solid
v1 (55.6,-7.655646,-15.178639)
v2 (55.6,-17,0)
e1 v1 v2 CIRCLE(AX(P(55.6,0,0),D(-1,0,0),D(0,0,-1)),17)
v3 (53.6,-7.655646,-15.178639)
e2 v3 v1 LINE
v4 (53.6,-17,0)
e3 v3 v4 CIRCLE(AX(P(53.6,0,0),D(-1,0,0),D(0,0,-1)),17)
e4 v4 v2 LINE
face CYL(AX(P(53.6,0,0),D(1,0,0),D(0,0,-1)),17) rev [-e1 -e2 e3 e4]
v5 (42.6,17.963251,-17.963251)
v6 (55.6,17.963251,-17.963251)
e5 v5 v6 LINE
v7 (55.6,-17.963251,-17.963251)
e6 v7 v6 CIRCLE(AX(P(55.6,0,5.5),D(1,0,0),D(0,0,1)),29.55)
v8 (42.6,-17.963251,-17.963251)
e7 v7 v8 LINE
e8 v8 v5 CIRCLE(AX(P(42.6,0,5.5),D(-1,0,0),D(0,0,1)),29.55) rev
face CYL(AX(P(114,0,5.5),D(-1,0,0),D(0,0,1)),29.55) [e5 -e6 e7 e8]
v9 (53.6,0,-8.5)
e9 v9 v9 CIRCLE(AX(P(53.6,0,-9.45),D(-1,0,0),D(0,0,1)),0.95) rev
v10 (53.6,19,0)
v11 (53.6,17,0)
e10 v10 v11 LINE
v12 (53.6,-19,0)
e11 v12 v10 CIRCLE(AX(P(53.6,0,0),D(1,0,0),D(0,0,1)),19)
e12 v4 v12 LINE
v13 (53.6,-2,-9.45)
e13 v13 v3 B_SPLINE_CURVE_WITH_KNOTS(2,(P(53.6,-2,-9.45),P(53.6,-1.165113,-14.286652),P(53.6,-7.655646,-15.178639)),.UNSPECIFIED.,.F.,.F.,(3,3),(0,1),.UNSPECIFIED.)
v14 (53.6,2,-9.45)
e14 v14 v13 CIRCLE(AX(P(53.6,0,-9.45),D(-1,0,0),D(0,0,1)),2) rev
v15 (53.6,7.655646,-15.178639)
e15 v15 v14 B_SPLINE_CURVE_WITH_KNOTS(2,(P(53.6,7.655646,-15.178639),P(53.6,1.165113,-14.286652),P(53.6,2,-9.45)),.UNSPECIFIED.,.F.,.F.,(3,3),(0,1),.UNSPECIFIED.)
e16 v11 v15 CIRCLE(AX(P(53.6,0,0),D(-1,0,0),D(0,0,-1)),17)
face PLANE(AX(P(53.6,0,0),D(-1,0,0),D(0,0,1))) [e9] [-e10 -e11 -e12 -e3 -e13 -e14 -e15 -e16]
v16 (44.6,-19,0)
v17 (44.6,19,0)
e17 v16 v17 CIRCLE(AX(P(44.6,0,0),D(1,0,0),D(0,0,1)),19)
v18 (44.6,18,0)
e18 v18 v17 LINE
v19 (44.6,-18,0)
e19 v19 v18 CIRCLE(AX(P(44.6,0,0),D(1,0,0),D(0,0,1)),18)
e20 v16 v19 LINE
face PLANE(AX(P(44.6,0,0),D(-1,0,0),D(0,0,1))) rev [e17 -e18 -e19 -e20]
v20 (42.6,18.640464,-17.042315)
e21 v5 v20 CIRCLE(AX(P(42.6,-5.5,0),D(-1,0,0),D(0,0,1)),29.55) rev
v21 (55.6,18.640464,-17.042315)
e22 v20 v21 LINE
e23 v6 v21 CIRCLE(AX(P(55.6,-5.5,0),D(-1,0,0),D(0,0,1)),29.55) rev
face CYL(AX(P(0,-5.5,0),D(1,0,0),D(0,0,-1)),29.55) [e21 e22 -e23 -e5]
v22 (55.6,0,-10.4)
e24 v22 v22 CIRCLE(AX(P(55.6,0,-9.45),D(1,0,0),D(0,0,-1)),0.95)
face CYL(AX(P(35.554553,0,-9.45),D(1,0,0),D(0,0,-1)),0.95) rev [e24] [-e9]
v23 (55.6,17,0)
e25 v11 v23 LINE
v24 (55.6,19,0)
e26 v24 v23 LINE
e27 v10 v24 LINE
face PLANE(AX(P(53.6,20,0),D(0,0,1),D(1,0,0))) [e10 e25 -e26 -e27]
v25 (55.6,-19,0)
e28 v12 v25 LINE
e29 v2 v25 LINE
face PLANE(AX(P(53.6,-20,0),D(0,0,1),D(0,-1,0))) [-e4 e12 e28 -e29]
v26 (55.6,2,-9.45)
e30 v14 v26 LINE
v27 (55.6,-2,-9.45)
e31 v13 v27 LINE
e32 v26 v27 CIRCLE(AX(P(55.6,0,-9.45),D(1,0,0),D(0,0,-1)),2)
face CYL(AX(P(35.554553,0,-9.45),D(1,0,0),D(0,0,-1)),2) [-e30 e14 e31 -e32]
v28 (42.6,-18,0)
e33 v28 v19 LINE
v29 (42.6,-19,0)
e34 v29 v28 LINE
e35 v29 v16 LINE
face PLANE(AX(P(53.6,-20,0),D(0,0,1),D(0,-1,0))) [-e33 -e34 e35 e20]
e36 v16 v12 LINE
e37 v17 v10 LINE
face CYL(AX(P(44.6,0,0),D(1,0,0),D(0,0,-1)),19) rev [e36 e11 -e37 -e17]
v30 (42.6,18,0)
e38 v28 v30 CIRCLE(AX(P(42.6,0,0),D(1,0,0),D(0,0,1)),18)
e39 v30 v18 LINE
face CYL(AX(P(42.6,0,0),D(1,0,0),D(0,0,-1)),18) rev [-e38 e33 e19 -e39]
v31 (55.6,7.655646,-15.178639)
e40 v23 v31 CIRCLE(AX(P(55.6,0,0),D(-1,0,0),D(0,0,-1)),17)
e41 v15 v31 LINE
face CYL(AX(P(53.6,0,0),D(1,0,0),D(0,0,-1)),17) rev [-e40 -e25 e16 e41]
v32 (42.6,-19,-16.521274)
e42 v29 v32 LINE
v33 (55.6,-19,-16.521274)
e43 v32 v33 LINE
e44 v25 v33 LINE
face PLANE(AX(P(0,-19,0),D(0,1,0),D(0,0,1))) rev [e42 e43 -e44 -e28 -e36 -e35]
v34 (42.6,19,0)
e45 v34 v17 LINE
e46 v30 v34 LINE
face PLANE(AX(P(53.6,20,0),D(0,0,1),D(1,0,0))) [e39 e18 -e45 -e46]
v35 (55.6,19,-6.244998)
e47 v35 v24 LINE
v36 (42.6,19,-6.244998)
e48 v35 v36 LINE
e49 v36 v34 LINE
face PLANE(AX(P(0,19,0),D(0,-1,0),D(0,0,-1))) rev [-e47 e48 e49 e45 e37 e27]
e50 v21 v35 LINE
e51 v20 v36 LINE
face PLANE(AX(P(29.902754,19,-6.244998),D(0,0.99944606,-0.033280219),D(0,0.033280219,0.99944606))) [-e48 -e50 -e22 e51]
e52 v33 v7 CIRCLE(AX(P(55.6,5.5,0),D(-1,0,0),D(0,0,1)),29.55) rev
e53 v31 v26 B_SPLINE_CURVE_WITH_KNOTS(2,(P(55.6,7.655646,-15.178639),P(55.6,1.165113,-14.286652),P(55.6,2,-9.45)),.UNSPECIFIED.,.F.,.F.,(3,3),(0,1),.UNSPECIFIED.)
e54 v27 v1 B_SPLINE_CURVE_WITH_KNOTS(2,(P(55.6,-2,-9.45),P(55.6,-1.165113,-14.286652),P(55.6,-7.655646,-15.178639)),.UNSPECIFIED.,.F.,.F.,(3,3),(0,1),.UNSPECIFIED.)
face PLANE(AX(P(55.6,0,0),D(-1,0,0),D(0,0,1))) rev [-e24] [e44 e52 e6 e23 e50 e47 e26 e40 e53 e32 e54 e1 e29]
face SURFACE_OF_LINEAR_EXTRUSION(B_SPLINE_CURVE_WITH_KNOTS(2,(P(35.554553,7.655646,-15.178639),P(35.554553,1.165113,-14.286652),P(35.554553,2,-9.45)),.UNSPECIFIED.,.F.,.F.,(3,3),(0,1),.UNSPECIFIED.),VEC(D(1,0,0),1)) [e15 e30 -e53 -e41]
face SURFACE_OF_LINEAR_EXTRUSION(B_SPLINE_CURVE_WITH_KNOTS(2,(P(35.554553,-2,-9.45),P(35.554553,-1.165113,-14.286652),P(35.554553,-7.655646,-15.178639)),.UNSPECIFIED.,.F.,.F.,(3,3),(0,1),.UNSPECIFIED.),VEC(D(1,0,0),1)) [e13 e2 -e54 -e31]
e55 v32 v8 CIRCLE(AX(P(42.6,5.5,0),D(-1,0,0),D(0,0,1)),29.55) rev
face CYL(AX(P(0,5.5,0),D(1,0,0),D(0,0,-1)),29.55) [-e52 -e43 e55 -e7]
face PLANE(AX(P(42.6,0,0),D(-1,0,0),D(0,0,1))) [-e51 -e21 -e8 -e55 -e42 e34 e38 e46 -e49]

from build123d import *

# Parameters (mm, degrees)
BOSS_EXTRU_1_DEPTH           = 114
ESQUISSE2_R                  = 22.55
ENL_V_MAT_EXTRU_2_DEPTH      = 5
ENL_V_START                  = -5
ESQUISSE4_R                  = 22.55
ENL_V_MAT_EXTRU_3_DEPTH      = 5
ESQUISSE5_R                  = 1
ENL_V_MAT_EXTRU_4_DEPTH      = 118.883477756
BOSS_EXTRU_2_START           = -2
BOSS_EXTRU_2_DEPTH           = 2
BOSS_EXTRU_3_START           = 9
BOSS_EXTRU_3_DEPTH           = 9
BOSS_EXTRU_4_START           = 2
BOSS_EXTRU_4_DEPTH           = 2
BOSS_EXTRU_5_START           = -2
BOSS_EXTRU_5_DEPTH           = 2
BOSS_EXTRU_6_START           = 9
BOSS_EXTRU_6_DEPTH           = 9
BOSS_EXTRU_7_START           = 2
BOSS_EXTRU_7_DEPTH           = 2
ESQUISSE12_W                 = 13.751826503
ESQUISSE12_H                 = 1
ESQUISSE12_W_2               = 11.167500513
ENL_V_MAT_EXTRU_5_DEPTH      = 95.05366831
BOSS_EXTRU_8_START           = -13
BOSS_EXTRU_8_DEPTH           = 13
BOSS_EXTRU_9_START           = -13
BOSS_EXTRU_9_DEPTH           = 13
ENL_V_MAT_EXTRU_6_DEPTH      = 94.846110875
ENL_V_MAT_EXTRU_7_DEPTH      = 119.048305907
ENL_V_MAT_EXTRU_7_DEPTH_BACK = 119.048305907
ESQUISSE16_R                 = 2
ENL_V_MAT_EXTRU_8_DEPTH      = 119.048305907
ENL_V_MAT_EXTRU_8_DEPTH_BACK = 119.048305907
ESQUISSE17_W                 = 59.614758746
ESQUISSE17_H                 = 46.78428057
ESQUISSE17_W_2               = 63.060495968
ESQUISSE17_H_2               = 47.274864603
BOSS_EXTRU_10_START          = -2
ESQUISSE18_R                 = 0.95
BOSS_EXTRU_10_DEPTH          = 2


with BuildPart() as part:
    # Esquisse1 → Boss.-Extru.1 (new body)
    with BuildSketch(Plane(origin=(0, 0, 0), x_dir=(0, 0, -1), z_dir=(1, 0, 0))):
        with BuildLine():
            Line((14.144270925, 14.14), (17.975320492, 17.947474134))
            ThreePointArc((17.975320492, 17.947474134), (24.05, 0), (17.975320492, -17.947474134))
            Line((17.975320492, -17.947474134), (14.144270925, -14.14))
            ThreePointArc((14.144270925, -14.14), (20, 0), (14.144270925, 14.14))
        make_face()
    extrude(amount=BOSS_EXTRU_1_DEPTH)

    # Esquisse2 → Enlèv. mat.-Extru.2 (cut)
    with BuildSketch(Plane.ZY):
        Circle(ESQUISSE2_R)
    extrude(amount=-ENL_V_MAT_EXTRU_2_DEPTH, mode=Mode.SUBTRACT)

    # Esquisse4 → Enlèv. mat.-Extru.3 (cut)
    with BuildSketch(Plane(origin=(114, 0, 0), x_dir=(0, 0, -1), z_dir=(1, 0, 0)).offset(ENL_V_START)):
        Circle(ESQUISSE4_R)
    extrude(amount=ENL_V_MAT_EXTRU_3_DEPTH, mode=Mode.SUBTRACT)

    # Esquisse5 → Enlèv. mat.-Extru.4 (cut, through all)
    with BuildSketch(Plane.XY):
        with Locations((2.5, 0)):
            Circle(ESQUISSE5_R)
        with Locations((111.5, 0)):
            Circle(ESQUISSE5_R)
    extrude(amount=-ENL_V_MAT_EXTRU_4_DEPTH, mode=Mode.SUBTRACT)

    # Esquisse6 → Boss.-Extru.2 (add)
    with BuildSketch(Plane(origin=(88.7, 0, 0), x_dir=(0, 0, -1), z_dir=(1, 0, 0)).offset(BOSS_EXTRU_2_START)):
        with BuildLine():
            Line((0, 17), (0, 20))
            ThreePointArc((0, 20), (20, 0), (0, -20))
            Line((0, -20), (0, -17))
            ThreePointArc((0, -17), (17, 0), (0, 17))
        make_face()
    extrude(amount=BOSS_EXTRU_2_DEPTH)

    # Esquisse7 → Boss.-Extru.3 (add)
    with BuildSketch(Plane.ZY.offset(-86.7).offset(BOSS_EXTRU_3_START)):
        with BuildLine():
            Line((0, 20), (0, 19))
            ThreePointArc((0, 19), (-19, 0), (0, -19))
            Line((0, -19), (0, -20))
            ThreePointArc((0, -20), (-20, 0), (0, 20))
        make_face()
    extrude(amount=-BOSS_EXTRU_3_DEPTH)

    # Esquisse8 → Boss.-Extru.4 (add)
    with BuildSketch(Plane.ZY.offset(-77.7).offset(BOSS_EXTRU_4_START)):
        with BuildLine():
            Line((0, 20), (0, 18))
            ThreePointArc((0, 18), (-18, 0), (0, -18))
            Line((0, -18), (0, -20))
            ThreePointArc((0, -20), (-20, 0), (0, 20))
        make_face()
    extrude(amount=-BOSS_EXTRU_4_DEPTH)

    # Esquisse9 → Boss.-Extru.5 (add)
    with BuildSketch(Plane(origin=(55.6, 0, 0), x_dir=(0, 0, -1), z_dir=(1, 0, 0)).offset(BOSS_EXTRU_5_START)):
        with BuildLine():
            Line((0, 20), (0, 17))
            ThreePointArc((0, 17), (17, 0), (0, -17))
            Line((0, -17), (0, -20))
            ThreePointArc((0, -20), (20, 0), (0, 20))
        make_face()
    extrude(amount=BOSS_EXTRU_5_DEPTH)

    # Esquisse10 → Boss.-Extru.6 (add)
    with BuildSketch(Plane.ZY.offset(-53.6).offset(BOSS_EXTRU_6_START)):
        with BuildLine():
            Line((0, 20), (0, 19))
            ThreePointArc((0, 19), (-19, 0), (0, -19))
            Line((0, -19), (0, -20))
            ThreePointArc((0, -20), (-20, 0), (0, 20))
        make_face()
    extrude(amount=-BOSS_EXTRU_6_DEPTH)

    # Esquisse11 → Boss.-Extru.7 (add)
    with BuildSketch(Plane.ZY.offset(-44.6).offset(BOSS_EXTRU_7_START)):
        with BuildLine():
            Line((0, 20), (0, 18))
            ThreePointArc((0, 18), (-18, 0), (0, -18))
            Line((0, -18), (0, -20))
            ThreePointArc((0, -20), (-20, 0), (0, 20))
        make_face()
    extrude(amount=-BOSS_EXTRU_7_DEPTH)

    # Esquisse12 → Enlèv. mat.-Extru.5 (cut, through all)
    with BuildSketch(Plane(origin=(88.7, 0, 0), x_dir=(0, 0, -1), z_dir=(1, 0, 0))):
        with Locations((6.875913252, -19.5)):
            Rectangle(ESQUISSE12_W, ESQUISSE12_H)
        with Locations((5.583750257, 19.5)):
            Rectangle(ESQUISSE12_W_2, ESQUISSE12_H)
    extrude(amount=-ENL_V_MAT_EXTRU_5_DEPTH, mode=Mode.SUBTRACT)

    # Esquisse13 → Boss.-Extru.8 (add)
    with BuildSketch(Plane(origin=(88.7, 0, 0), x_dir=(0, 0, -1), z_dir=(1, 0, 0)).offset(BOSS_EXTRU_8_START)):
        with BuildLine():
            Line((17.975320492, 17.947474134), (14.144270925, 14.14))
            ThreePointArc((14.144270925, 14.14), (10.480241973, 17.034216395), (6.244997998, 19))
            Line((6.244997998, 19), (17.4396757, 18.627232183))
            ThreePointArc((17.4396757, 18.627232183), (17.709986765, 18.289314213), (17.975320492, 17.947474134))
        make_face()
        with BuildLine():
            Line((14.144270925, -14.14), (17.975320492, -17.947474134))
            ThreePointArc((17.975320492, -17.947474134), (17.559611782, -18.478549847), (17.131891216, -19))
            Line((17.131891216, -19), (6.244997998, -19))
            ThreePointArc((6.244997998, -19), (10.480241973, -17.034216395), (14.144270925, -14.14))
        make_face()
    extrude(amount=BOSS_EXTRU_8_DEPTH)

    # Esquisse14 → Boss.-Extru.9 (add)
    with BuildSketch(Plane(origin=(55.6, 0, 0), x_dir=(0, 0, -1), z_dir=(1, 0, 0)).offset(BOSS_EXTRU_9_START)):
        with BuildLine():
            Line((14.144270925, 14.14), (17.975320492, 17.947474134))
            ThreePointArc((17.975320492, 17.947474134), (17.709986765, 18.289314213), (17.4396757, 18.627232183))
            Line((17.4396757, 18.627232183), (6.244997998, 19))
            ThreePointArc((6.244997998, 19), (10.480241973, 17.034216395), (14.144270925, 14.14))
        make_face()
        with BuildLine():
            Line((14.144270925, -14.14), (17.975320492, -17.947474134))
            ThreePointArc((17.975320492, -17.947474134), (17.559611782, -18.478549847), (17.131891216, -19))
            Line((17.131891216, -19), (6.244997998, -19))
            ThreePointArc((6.244997998, -19), (10.480241973, -17.034216395), (14.144270925, -14.14))
        make_face()
    extrude(amount=BOSS_EXTRU_9_DEPTH)

    # Esquisse15 → Enlèv. mat.-Extru.6 (cut, through all)
    with BuildSketch(Plane(origin=(88.7, 0, 0), x_dir=(0, 0, -1), z_dir=(1, 0, 0))):
        with BuildLine():
            Line((14.409304815, 20.298729325), (16.901493379, 24.760797344))
            Line((16.901493379, 24.760797344), (24.890475951, 20.298729325))
            Line((24.890475951, 20.298729325), (20.895984665, 15.394026057))
            ThreePointArc((20.895984665, 15.394026057), (17.822174246, 18.070587713), (14.409304815, 20.298729325))
        make_face()
        with BuildLine():
            Line((14.409304815, -20.298729325), (16.901493379, -24.760797344))
            Line((16.901493379, -24.760797344), (22.934233847, -18.464332541))
            Line((22.934233847, -18.464332541), (20.431131458, -15.848802481))
            ThreePointArc((20.431131458, -15.848802481), (17.561732891, -18.265269573), (14.409304815, -20.298729325))
        make_face()
    extrude(amount=-ENL_V_MAT_EXTRU_6_DEPTH, mode=Mode.SUBTRACT)

    # Esquisse16 → Enlèv. mat.-Extru.7 (cut, two sides: drawn at the far end of the back side and taken through both)
    with BuildSketch(Plane.XY.offset(-ENL_V_MAT_EXTRU_7_DEPTH_BACK)):
        with Locations((114, 13)):
            Circle(ESQUISSE16_R)
        with Locations((114, -13)):
            Circle(ESQUISSE16_R)
    extrude(amount=ENL_V_MAT_EXTRU_7_DEPTH + ENL_V_MAT_EXTRU_7_DEPTH_BACK, mode=Mode.SUBTRACT)

    # Esquisse17 → Enlèv. mat.-Extru.8 (cut, two sides: drawn at the far end of the back side and taken through both)
    with BuildSketch(Plane.XY.offset(-ENL_V_MAT_EXTRU_8_DEPTH_BACK)):
        with Locations((12.792620627, -4.392140285)):
            Rectangle(ESQUISSE17_W, ESQUISSE17_H)
        with Locations((87.130247984, -4.637432302)):
            Rectangle(ESQUISSE17_W_2, ESQUISSE17_H_2)
    extrude(amount=ENL_V_MAT_EXTRU_8_DEPTH + ENL_V_MAT_EXTRU_8_DEPTH_BACK, mode=Mode.SUBTRACT)

    # Esquisse18 → Boss.-Extru.10 (add)
    with BuildSketch(Plane(origin=(55.6, 0, 0), x_dir=(0, 0, -1), z_dir=(1, 0, 0)).offset(BOSS_EXTRU_10_START)):
        with BuildLine():
            ThreePointArc((9.45, 2), (7.45, 0), (9.45, -2))
            add(Edge.make_bspline(
                [(9.45, -2), (14.286652035, -1.165113332), (15.178639222, -7.655645719)],
                knots=[0, 0, 0, 1, 1, 1], degree=2))
            ThreePointArc((15.178639222, -7.655645719), (17, 0), (15.178639222, 7.655645719))
            add(Edge.make_bspline(
                [(9.45, 2), (14.286652035, 1.165113332), (15.178639222, 7.655645719)],
                knots=[0, 0, 0, 1, 1, 1], degree=2))
        make_face()
        with Locations((9.45, 0)):
            Circle(ESQUISSE18_R, mode=Mode.SUBTRACT)
    extrude(amount=BOSS_EXTRU_10_DEPTH)


solid = part.part
